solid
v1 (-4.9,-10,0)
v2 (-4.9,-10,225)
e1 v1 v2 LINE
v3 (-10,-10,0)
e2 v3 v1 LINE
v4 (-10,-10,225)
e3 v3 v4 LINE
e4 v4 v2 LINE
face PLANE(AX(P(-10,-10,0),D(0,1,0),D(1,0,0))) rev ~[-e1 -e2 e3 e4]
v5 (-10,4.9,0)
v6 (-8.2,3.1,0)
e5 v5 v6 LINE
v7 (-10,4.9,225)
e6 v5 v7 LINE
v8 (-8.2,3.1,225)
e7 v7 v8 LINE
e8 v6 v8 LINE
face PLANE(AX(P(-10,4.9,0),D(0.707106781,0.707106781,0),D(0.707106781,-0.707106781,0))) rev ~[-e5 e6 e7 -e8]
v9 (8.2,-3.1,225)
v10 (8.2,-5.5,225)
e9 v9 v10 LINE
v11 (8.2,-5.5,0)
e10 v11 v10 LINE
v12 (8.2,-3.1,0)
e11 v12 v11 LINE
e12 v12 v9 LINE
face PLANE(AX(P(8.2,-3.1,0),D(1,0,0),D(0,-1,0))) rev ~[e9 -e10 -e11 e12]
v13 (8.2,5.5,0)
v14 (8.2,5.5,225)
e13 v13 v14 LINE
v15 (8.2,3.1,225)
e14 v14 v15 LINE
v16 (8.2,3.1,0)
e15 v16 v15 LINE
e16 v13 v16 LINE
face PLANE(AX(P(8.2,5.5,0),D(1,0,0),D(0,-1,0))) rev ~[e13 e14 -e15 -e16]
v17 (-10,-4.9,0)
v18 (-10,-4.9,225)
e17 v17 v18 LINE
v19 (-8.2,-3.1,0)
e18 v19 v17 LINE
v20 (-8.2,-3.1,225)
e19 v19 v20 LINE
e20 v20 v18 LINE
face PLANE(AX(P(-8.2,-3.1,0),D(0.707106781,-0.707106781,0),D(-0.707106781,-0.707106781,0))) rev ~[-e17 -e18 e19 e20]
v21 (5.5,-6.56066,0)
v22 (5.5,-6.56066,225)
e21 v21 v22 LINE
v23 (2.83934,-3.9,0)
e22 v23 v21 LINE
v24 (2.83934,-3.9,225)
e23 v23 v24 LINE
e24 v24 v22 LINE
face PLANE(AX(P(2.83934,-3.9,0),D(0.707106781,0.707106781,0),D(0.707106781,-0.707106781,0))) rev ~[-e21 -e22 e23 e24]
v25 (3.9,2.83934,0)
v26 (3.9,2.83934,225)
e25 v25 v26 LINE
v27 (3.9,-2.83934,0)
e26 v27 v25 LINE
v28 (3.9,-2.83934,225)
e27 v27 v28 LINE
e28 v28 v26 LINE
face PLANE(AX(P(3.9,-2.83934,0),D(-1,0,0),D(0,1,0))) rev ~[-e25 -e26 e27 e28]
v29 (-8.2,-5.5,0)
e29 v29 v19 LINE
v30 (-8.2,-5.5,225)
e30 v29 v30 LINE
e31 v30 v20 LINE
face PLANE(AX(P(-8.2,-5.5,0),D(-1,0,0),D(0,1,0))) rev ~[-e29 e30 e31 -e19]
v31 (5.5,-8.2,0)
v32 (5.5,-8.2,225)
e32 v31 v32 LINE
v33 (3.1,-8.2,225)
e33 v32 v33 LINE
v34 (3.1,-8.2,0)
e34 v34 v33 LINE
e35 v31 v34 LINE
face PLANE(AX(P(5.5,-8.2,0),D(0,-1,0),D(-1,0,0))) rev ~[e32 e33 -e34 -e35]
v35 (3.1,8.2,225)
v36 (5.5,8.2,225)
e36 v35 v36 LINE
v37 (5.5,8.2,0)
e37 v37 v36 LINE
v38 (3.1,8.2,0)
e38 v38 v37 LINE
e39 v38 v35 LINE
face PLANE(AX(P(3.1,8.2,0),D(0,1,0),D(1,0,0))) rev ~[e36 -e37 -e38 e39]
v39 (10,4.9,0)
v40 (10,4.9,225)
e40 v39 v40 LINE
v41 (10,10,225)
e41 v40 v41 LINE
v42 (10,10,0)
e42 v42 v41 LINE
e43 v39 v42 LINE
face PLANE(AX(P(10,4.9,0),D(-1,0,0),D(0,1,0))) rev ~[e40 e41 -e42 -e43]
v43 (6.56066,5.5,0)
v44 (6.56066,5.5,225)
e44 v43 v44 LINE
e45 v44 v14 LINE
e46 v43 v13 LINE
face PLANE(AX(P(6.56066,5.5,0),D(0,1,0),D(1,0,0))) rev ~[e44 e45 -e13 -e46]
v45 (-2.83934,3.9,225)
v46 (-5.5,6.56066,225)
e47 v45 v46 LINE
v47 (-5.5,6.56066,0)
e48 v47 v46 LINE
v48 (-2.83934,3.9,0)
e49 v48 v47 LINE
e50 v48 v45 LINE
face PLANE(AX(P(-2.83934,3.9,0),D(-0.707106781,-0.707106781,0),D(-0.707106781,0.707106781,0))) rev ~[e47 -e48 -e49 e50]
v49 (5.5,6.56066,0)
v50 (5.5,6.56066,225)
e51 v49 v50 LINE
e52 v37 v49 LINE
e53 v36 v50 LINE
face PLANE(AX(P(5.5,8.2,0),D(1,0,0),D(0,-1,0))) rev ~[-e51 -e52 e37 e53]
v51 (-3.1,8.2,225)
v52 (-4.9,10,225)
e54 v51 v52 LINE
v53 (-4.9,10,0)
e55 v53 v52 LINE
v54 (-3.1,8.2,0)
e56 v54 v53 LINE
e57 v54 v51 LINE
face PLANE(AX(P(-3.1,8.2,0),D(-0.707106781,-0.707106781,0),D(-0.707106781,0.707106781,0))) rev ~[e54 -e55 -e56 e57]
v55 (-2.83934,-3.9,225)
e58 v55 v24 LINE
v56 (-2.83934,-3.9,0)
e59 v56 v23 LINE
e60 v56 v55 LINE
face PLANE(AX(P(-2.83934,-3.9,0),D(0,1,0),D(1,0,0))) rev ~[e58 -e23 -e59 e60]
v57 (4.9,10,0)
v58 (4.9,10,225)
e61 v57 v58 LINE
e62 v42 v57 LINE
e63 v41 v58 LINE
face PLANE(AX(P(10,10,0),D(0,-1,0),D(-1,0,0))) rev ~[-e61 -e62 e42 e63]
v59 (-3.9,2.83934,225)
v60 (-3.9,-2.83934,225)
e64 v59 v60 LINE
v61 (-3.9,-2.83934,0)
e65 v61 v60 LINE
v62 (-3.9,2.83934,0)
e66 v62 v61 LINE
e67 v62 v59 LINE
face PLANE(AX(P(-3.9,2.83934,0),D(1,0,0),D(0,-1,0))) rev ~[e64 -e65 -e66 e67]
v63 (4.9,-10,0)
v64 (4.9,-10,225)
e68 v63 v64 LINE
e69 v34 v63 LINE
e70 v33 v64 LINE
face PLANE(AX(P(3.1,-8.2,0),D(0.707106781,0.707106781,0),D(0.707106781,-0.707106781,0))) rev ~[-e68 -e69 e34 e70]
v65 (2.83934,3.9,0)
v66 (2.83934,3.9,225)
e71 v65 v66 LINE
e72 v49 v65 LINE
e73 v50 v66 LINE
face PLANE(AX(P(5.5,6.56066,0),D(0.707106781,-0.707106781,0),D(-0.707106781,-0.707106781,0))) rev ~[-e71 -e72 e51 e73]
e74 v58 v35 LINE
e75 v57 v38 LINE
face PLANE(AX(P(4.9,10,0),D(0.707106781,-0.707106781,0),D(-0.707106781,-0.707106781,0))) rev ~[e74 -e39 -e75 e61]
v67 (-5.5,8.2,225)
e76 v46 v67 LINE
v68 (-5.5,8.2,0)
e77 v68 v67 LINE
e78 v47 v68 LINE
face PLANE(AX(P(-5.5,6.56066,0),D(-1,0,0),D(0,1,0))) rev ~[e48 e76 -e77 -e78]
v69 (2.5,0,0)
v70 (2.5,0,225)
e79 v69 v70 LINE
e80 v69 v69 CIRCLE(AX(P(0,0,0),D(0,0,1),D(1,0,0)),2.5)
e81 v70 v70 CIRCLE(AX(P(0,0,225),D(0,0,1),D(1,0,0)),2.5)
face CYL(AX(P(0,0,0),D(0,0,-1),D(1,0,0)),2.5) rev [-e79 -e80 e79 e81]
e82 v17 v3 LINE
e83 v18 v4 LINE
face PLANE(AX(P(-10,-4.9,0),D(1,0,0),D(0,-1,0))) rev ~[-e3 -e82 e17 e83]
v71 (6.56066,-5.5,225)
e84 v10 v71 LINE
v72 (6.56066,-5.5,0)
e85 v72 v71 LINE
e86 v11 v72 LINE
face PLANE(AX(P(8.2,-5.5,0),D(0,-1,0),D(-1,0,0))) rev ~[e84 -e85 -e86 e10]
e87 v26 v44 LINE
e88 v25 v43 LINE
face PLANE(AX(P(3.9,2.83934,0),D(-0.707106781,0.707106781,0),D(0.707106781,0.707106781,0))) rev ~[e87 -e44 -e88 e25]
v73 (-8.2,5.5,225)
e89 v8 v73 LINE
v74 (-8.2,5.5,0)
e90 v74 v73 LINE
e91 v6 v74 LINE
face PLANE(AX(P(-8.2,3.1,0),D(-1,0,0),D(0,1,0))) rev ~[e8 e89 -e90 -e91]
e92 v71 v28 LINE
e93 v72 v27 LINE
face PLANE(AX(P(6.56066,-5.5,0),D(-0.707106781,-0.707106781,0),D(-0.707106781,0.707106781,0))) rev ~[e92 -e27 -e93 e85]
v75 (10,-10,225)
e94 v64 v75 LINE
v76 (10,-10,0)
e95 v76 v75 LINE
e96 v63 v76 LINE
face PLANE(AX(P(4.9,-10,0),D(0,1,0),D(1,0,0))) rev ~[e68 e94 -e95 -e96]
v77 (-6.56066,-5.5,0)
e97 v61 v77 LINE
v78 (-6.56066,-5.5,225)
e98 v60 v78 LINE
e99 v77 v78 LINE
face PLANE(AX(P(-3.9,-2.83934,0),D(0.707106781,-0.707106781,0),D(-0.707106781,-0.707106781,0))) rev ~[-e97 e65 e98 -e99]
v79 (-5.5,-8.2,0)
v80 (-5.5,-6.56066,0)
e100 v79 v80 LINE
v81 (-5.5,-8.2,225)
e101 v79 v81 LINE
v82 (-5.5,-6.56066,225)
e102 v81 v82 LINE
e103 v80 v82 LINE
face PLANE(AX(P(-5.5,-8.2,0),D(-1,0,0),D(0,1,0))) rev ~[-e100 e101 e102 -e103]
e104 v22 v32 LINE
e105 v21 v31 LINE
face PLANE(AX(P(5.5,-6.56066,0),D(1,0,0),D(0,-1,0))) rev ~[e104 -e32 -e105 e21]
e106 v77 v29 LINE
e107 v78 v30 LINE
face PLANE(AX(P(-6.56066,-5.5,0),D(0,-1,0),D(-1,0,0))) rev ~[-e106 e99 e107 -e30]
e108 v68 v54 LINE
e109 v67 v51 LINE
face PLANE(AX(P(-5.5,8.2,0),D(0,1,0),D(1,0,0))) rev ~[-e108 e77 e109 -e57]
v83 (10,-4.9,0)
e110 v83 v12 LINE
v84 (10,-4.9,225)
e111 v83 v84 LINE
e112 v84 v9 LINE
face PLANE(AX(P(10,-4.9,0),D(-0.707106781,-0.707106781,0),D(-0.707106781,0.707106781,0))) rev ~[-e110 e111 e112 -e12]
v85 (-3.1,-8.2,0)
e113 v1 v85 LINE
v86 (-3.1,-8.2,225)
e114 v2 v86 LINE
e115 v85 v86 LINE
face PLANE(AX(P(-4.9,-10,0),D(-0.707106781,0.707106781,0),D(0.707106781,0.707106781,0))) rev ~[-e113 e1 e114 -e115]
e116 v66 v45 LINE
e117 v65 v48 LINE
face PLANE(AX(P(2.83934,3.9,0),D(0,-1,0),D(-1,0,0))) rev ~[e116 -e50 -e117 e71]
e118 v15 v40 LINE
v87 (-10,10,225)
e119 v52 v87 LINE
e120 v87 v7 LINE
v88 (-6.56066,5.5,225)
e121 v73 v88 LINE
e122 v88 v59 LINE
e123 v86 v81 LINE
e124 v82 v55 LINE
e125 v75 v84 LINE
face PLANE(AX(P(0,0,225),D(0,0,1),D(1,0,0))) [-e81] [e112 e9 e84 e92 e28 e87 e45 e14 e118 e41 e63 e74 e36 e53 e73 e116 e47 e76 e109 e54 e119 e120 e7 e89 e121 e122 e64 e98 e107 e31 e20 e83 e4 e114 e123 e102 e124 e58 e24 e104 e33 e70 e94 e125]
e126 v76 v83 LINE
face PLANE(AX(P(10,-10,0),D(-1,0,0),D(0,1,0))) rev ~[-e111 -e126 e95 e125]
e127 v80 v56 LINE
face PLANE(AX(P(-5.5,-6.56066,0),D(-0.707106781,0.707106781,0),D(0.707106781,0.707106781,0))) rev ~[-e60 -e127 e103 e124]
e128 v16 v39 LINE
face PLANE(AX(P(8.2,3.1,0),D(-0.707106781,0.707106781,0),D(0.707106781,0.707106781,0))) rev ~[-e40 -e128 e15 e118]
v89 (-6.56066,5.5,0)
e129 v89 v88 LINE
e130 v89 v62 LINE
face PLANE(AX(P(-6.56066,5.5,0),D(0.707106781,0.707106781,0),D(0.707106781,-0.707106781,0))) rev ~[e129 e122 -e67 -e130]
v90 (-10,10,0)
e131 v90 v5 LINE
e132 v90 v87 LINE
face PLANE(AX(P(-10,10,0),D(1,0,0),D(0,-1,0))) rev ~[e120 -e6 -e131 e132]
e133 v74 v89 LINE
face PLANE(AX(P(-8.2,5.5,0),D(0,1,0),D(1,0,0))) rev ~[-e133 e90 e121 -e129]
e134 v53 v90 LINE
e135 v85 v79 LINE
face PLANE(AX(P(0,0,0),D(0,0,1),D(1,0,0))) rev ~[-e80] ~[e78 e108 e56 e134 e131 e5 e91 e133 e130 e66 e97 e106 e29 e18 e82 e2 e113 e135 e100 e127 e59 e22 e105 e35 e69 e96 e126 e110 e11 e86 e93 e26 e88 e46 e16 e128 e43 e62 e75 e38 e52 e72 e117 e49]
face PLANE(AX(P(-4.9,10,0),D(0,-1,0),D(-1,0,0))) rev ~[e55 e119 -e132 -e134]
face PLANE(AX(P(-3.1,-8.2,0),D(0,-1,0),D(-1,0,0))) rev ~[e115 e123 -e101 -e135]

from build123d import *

# Parameters (mm, degrees)
SKETCH1_R           = 2.5
BOSS_EXTRUDE1_DEPTH = 225


with BuildPart() as part:
    # Sketch1 → Boss-Extrude1 (new body)
    with BuildSketch(Plane.XY):
        Polygon((2.839339828, 3.9), (-2.839339828, 3.9), (-5.5, 6.560660172), (-5.5, 8.2), (-3.1, 8.2), (-4.9, 10), (-10, 10), (-10, 4.9), (-8.2, 3.1), (-8.2, 5.5), (-6.560660172, 5.5), (-3.9, 2.839339828), (-3.9, -2.839339828), (-6.560660172, -5.5), (-8.2, -5.5), (-8.2, -3.1), (-10, -4.9), (-10, -10), (-4.9, -10), (-3.1, -8.2), (-5.5, -8.2), (-5.5, -6.560660172), (-2.839339828, -3.9), (2.839339828, -3.9), (5.5, -6.560660172), (5.5, -8.2), (3.1, -8.2), (4.9, -10), (10, -10), (10, -4.9), (8.2, -3.1), (8.2, -5.5), (6.560660172, -5.5), (3.9, -2.839339828), (3.9, 2.839339828), (6.560660172, 5.5), (8.2, 5.5), (8.2, 3.1), (10, 4.9), (10, 10), (4.9, 10), (3.1, 8.2), (5.5, 8.2), (5.5, 6.560660172), align=None)
        Circle(SKETCH1_R, mode=Mode.SUBTRACT)
    extrude(amount=BOSS_EXTRUDE1_DEPTH)


solid = part.part
